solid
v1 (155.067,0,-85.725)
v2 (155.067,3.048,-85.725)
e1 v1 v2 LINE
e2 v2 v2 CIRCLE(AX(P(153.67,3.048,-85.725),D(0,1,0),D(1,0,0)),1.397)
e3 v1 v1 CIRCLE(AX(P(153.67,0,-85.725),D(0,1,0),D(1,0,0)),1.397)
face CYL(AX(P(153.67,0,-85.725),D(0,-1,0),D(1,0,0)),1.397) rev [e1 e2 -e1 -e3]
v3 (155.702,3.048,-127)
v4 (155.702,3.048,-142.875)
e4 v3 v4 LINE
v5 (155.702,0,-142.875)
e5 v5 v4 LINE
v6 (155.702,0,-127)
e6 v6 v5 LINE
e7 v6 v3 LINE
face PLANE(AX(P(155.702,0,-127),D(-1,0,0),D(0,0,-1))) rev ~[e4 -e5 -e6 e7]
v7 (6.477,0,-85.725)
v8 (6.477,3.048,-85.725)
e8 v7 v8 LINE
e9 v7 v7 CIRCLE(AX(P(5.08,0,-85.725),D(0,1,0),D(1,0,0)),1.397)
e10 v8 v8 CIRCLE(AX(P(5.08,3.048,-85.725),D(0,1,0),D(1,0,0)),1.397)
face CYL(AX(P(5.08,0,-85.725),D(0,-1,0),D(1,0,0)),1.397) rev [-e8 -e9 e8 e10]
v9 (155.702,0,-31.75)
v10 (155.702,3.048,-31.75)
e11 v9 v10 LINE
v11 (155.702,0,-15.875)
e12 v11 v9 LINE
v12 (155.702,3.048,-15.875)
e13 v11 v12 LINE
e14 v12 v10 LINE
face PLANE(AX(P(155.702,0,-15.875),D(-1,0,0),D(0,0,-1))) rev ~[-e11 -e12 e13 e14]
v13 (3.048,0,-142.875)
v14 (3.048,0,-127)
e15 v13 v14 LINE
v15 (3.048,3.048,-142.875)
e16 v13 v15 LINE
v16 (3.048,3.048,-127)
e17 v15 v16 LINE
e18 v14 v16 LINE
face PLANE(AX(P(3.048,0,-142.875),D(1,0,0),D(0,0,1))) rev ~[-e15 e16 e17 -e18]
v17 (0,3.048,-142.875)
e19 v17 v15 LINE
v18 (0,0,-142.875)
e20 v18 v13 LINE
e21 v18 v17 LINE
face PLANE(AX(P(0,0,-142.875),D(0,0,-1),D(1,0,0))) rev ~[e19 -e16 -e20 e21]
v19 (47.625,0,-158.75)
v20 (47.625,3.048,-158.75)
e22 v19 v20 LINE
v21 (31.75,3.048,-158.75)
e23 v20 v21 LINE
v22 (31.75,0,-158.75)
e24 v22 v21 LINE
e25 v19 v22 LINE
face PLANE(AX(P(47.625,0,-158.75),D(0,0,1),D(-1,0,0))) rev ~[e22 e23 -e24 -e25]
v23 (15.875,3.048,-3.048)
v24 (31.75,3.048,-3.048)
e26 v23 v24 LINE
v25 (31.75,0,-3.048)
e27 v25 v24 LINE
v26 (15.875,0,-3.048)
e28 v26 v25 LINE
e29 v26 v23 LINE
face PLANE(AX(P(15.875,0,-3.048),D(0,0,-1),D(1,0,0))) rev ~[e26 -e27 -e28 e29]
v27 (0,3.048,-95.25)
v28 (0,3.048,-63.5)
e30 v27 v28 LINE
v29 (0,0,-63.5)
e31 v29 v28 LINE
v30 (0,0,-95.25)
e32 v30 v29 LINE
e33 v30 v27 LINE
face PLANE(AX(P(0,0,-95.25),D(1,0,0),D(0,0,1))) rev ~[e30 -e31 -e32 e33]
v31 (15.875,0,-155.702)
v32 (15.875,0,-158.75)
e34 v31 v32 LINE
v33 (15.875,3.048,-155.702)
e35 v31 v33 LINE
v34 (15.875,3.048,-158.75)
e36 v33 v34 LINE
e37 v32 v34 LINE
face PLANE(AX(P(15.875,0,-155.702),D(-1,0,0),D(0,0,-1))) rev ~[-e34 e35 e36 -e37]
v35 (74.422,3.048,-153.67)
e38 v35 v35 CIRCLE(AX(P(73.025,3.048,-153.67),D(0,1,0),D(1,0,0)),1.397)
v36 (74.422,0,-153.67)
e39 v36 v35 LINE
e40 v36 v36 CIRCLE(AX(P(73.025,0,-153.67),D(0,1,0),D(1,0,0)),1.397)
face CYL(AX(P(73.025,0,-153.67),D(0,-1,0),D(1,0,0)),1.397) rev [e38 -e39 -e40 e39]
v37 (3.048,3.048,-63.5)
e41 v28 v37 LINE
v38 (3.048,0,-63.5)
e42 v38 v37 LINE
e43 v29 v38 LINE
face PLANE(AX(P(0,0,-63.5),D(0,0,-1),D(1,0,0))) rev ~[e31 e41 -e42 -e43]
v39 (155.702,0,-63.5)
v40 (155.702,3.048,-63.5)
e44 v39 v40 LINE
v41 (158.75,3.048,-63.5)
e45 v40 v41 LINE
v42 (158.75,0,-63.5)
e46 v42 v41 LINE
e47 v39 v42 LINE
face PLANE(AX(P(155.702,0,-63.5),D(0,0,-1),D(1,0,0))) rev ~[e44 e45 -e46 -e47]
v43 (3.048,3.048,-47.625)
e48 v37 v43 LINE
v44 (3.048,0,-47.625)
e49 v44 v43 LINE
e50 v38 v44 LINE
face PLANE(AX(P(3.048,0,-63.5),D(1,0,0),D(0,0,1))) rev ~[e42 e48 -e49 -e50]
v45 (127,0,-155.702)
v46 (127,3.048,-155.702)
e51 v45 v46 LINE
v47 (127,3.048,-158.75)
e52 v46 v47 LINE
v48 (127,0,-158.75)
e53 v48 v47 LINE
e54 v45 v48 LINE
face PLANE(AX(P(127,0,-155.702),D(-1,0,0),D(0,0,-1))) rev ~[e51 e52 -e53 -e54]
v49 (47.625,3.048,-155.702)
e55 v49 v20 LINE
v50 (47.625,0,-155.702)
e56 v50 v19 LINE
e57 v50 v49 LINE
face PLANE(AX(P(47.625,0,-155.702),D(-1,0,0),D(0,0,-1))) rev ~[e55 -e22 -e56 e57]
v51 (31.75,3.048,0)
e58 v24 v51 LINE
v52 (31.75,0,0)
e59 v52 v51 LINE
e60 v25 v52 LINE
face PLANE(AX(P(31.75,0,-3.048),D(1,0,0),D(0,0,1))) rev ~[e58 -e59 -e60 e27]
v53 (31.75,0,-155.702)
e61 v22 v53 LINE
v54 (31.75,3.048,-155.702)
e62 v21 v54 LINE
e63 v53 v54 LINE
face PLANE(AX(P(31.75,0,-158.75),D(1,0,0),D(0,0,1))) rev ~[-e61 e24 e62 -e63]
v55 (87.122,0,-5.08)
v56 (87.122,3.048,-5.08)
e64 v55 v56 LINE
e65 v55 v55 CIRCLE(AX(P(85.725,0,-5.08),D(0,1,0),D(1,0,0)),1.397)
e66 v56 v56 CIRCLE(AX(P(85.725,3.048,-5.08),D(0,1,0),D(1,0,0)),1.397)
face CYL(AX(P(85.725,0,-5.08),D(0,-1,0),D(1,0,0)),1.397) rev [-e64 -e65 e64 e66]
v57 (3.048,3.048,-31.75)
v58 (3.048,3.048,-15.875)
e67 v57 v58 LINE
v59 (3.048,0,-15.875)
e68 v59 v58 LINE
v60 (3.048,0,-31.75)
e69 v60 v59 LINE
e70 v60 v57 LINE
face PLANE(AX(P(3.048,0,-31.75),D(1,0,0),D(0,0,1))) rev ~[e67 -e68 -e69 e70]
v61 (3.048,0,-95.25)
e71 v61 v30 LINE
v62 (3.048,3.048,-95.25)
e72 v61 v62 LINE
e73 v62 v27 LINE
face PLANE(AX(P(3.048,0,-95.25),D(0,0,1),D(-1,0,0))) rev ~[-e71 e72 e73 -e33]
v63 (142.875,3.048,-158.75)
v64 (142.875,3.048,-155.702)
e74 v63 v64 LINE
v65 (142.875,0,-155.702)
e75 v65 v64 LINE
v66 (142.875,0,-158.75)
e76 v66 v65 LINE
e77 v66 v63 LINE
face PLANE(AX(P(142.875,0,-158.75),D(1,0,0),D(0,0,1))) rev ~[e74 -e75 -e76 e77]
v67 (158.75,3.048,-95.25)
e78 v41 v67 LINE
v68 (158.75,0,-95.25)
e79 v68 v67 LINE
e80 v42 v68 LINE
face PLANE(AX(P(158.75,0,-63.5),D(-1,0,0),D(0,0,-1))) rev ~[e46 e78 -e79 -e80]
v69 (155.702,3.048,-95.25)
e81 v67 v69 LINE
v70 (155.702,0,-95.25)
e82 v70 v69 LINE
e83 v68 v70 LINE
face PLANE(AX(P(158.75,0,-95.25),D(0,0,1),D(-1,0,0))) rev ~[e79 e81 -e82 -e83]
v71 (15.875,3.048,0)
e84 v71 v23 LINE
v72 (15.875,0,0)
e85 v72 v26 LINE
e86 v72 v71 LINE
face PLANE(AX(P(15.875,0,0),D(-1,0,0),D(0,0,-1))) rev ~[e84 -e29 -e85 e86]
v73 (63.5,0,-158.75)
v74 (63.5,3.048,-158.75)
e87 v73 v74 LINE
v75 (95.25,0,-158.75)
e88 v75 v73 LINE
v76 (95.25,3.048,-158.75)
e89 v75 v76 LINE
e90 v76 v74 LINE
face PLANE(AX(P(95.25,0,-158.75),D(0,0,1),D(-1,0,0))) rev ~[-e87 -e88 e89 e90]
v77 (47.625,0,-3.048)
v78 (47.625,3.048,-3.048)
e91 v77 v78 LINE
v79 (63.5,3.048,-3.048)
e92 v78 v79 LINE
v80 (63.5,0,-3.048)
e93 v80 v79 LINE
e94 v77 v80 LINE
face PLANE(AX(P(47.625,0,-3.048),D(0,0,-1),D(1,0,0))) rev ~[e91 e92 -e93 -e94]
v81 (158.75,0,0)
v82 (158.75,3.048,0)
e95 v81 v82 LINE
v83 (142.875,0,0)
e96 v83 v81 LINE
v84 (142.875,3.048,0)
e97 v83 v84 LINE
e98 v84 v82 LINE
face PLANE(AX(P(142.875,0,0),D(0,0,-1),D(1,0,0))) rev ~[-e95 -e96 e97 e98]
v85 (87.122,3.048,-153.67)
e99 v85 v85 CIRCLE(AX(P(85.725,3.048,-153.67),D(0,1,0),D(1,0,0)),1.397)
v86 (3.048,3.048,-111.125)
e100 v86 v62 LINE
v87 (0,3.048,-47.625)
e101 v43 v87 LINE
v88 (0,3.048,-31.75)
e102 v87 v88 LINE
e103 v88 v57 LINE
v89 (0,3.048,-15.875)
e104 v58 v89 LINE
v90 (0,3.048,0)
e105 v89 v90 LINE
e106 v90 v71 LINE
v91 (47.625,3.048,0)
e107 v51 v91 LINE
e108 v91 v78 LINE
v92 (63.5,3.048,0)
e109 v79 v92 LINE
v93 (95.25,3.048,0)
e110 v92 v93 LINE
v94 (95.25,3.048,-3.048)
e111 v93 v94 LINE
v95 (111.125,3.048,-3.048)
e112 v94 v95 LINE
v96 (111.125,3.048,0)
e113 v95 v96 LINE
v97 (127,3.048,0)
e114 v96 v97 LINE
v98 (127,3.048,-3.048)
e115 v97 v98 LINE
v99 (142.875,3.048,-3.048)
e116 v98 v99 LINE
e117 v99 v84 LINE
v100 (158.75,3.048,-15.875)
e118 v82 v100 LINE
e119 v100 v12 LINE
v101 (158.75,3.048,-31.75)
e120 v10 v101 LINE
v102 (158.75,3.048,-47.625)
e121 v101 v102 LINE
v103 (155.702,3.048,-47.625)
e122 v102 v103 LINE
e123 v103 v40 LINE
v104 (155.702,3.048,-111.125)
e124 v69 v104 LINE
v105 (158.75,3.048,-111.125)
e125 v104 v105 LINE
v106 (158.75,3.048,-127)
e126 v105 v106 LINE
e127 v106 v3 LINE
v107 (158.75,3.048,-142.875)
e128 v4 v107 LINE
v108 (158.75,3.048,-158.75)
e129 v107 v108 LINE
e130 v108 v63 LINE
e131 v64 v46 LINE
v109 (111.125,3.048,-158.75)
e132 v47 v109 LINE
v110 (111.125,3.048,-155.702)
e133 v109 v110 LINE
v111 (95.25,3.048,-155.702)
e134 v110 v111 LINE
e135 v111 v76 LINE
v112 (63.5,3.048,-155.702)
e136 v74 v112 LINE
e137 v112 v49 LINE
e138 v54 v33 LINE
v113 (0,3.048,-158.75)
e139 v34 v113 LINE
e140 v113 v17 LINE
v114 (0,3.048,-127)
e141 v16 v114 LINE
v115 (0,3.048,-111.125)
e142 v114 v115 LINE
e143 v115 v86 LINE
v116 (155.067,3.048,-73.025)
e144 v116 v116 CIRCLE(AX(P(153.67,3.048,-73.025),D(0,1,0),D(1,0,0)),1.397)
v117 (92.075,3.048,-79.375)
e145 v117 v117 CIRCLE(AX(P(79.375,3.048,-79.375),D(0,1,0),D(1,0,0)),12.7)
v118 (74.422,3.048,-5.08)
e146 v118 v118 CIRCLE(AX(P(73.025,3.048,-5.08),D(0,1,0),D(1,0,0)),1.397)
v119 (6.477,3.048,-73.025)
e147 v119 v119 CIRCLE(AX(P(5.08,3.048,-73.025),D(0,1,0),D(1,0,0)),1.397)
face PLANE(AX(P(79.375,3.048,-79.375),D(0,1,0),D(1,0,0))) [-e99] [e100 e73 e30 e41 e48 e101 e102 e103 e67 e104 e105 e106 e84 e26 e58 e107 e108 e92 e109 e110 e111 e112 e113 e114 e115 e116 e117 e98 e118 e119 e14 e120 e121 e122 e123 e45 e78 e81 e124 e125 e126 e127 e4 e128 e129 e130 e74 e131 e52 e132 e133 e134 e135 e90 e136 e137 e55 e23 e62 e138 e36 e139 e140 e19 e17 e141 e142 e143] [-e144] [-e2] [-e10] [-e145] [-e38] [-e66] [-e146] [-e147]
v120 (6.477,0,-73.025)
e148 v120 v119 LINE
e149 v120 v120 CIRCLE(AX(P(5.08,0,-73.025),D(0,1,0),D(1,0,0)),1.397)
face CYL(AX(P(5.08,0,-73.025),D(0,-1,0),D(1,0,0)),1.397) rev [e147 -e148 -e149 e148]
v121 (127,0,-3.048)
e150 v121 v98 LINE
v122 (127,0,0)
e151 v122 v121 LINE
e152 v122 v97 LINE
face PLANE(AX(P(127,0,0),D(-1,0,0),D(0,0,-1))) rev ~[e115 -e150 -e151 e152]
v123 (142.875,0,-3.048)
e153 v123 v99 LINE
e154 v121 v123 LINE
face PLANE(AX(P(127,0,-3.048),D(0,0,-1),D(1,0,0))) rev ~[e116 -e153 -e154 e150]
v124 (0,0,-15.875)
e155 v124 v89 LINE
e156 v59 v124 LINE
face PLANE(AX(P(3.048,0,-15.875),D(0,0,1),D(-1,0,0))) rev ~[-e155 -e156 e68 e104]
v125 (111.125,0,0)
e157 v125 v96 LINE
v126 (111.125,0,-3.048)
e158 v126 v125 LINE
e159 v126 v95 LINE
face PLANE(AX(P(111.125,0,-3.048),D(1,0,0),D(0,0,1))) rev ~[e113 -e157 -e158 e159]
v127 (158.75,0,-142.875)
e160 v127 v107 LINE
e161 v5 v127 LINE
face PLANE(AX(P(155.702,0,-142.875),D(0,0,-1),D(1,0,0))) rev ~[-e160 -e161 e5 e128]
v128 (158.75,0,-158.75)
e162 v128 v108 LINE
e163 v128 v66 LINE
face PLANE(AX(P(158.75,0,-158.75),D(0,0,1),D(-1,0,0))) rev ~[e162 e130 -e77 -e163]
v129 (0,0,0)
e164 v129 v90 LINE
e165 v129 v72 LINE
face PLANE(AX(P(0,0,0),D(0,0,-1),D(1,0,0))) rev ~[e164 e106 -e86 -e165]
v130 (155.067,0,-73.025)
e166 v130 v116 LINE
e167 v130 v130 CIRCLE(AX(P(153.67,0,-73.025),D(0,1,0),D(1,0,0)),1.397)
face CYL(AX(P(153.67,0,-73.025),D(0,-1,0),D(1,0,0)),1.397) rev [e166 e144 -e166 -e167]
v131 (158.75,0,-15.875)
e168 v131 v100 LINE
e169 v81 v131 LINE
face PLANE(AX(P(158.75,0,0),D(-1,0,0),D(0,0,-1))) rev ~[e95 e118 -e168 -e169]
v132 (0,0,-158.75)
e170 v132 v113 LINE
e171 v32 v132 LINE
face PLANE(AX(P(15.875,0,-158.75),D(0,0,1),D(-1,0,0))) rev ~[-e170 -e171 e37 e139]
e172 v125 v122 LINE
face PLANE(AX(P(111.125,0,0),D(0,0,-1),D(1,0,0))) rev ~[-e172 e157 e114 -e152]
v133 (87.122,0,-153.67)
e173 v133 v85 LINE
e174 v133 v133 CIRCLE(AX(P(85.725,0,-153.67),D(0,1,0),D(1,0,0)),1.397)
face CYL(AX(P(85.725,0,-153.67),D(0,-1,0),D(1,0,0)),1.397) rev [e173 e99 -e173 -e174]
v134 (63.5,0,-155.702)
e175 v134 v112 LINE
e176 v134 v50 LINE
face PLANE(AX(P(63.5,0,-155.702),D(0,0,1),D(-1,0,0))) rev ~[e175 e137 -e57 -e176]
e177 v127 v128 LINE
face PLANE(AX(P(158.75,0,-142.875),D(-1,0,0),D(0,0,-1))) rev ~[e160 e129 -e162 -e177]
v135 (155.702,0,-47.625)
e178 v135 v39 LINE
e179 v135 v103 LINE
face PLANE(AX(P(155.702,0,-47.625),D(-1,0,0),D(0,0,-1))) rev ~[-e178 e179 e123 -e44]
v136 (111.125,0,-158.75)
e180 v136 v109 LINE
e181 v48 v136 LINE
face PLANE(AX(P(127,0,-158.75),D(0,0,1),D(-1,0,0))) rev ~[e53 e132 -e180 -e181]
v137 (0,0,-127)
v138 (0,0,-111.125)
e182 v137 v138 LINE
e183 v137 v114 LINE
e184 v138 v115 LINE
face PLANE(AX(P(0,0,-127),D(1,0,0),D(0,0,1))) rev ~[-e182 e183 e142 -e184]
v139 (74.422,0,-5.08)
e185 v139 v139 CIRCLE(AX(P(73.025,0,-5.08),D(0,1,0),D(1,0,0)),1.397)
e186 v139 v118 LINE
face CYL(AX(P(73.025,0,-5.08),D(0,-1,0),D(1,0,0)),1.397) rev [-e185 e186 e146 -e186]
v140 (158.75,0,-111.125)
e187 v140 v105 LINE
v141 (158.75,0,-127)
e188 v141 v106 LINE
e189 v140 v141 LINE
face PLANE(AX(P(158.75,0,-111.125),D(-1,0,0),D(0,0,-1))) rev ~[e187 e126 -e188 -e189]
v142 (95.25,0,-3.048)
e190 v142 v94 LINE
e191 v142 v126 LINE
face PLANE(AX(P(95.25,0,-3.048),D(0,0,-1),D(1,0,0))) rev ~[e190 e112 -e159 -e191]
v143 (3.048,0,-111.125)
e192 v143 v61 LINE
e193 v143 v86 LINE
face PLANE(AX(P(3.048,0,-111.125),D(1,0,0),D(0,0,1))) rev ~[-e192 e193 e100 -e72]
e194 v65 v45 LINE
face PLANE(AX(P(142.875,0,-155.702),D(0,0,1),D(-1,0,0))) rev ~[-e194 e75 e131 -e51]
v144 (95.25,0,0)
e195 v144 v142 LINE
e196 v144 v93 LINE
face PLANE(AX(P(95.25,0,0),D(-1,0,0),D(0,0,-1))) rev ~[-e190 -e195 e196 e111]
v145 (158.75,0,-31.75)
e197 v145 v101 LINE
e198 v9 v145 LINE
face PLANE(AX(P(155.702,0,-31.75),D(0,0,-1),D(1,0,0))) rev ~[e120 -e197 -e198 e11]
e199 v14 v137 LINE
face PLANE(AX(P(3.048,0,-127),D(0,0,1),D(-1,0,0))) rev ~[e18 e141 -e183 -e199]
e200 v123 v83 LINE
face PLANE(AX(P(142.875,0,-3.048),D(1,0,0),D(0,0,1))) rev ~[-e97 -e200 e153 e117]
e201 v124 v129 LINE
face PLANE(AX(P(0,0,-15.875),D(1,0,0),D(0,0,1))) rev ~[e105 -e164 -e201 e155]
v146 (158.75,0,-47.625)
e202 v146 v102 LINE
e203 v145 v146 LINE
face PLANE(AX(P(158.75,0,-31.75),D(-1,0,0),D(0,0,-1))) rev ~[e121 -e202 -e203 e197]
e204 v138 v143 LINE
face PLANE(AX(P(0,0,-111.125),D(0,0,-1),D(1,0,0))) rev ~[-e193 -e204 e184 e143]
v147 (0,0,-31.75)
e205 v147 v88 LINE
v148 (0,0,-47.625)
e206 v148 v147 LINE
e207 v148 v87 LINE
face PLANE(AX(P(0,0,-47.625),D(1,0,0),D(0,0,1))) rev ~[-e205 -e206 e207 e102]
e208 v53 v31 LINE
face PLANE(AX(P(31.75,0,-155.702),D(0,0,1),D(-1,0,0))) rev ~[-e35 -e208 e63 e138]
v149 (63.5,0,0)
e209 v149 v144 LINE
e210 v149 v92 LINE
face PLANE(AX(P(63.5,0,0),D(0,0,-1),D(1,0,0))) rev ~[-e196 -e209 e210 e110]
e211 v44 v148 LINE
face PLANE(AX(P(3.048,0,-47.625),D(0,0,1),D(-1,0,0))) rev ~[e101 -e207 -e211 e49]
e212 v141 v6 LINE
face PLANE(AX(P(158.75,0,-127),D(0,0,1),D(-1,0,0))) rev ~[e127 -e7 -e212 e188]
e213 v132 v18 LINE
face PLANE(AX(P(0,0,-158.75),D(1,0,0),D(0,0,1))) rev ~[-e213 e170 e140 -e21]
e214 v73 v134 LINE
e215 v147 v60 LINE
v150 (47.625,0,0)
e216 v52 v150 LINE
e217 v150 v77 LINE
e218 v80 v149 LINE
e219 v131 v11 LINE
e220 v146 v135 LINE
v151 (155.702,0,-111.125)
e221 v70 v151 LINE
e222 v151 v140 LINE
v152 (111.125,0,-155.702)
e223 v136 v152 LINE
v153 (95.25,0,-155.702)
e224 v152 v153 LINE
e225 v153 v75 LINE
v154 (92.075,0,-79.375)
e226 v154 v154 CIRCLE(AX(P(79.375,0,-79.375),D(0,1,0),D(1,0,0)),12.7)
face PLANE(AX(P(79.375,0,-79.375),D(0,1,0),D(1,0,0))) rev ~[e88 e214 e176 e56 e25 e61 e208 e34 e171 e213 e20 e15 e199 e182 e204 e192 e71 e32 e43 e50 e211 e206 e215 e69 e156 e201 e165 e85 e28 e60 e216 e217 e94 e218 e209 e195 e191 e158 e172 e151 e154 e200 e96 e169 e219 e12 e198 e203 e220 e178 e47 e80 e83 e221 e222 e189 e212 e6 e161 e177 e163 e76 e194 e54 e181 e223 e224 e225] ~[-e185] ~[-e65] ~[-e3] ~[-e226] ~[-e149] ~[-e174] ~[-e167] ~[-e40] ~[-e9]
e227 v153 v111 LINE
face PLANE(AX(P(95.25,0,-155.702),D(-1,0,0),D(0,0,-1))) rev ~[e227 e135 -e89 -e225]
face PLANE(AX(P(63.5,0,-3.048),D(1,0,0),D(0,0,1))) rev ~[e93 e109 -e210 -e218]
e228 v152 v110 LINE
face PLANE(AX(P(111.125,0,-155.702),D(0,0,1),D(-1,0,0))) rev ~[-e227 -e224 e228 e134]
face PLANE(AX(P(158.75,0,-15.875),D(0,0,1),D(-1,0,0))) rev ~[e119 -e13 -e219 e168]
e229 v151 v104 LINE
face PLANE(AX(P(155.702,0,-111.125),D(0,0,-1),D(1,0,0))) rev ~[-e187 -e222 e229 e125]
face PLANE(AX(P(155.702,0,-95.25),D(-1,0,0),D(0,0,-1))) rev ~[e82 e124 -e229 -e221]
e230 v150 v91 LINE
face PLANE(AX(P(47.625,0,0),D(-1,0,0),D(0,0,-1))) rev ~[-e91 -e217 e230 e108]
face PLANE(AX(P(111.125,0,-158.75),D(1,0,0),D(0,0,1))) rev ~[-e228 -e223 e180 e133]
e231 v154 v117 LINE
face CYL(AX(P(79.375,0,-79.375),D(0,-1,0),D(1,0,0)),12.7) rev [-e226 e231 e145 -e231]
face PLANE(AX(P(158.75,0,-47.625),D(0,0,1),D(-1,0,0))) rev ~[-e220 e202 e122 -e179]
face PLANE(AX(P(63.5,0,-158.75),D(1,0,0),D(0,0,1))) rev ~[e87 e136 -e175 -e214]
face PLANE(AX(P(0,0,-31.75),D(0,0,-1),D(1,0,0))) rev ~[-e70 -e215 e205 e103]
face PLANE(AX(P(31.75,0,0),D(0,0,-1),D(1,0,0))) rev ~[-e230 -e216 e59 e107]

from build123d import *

# Parameters (mm, degrees)
SKETCH1_R           = 12.7
SKETCH1_R_2         = 1.397
BOSS_EXTRUDE1_DEPTH = 3.048


with BuildPart() as part:
    # Sketch1 → Boss-Extrude1 (new body)
    with BuildSketch(Plane(origin=(0, 0, 0), x_dir=(1, 0, 0), z_dir=(0, 1, 0))):
        Polygon((0, 0), (15.875, 0), (15.875, 3.048), (31.75, 3.048), (31.75, 0), (47.625, 0), (47.625, 3.048), (63.5, 3.048), (63.5, 0), (95.25, 0), (95.25, 3.048), (111.125, 3.048), (111.125, 0), (127, 0), (127, 3.048), (142.875, 3.048), (142.875, 0), (158.75, 0), (158.75, 15.875), (155.702, 15.875), (155.702, 31.75), (158.75, 31.75), (158.75, 47.625), (155.702, 47.625), (155.702, 63.5), (158.75, 63.5), (158.75, 95.25), (155.702, 95.25), (155.702, 111.125), (158.75, 111.125), (158.75, 127), (155.702, 127), (155.702, 142.875), (158.75, 142.875), (158.75, 158.75), (142.875, 158.75), (142.875, 155.702), (127, 155.702), (127, 158.75), (111.125, 158.75), (111.125, 155.702), (95.25, 155.702), (95.25, 158.75), (63.5, 158.75), (63.5, 155.702), (47.625, 155.702), (47.625, 158.75), (31.75, 158.75), (31.75, 155.702), (15.875, 155.702), (15.875, 158.75), (0, 158.75), (0, 142.875), (3.048, 142.875), (3.048, 127), (0, 127), (0, 111.125), (3.048, 111.125), (3.048, 95.25), (0, 95.25), (0, 63.5), (3.048, 63.5), (3.048, 47.625), (0, 47.625), (0, 31.75), (3.048, 31.75), (3.048, 15.875), (0, 15.875), align=None)
        with Locations((79.375, 79.375)):
            Circle(SKETCH1_R, mode=Mode.SUBTRACT)
        with Locations((73.025, 153.67)):
            Circle(SKETCH1_R_2, mode=Mode.SUBTRACT)
        with Locations((85.725, 153.67)):
            Circle(SKETCH1_R_2, mode=Mode.SUBTRACT)
        with Locations((153.67, 73.025)):
            Circle(SKETCH1_R_2, mode=Mode.SUBTRACT)
        with Locations((153.67, 85.725)):
            Circle(SKETCH1_R_2, mode=Mode.SUBTRACT)
        with Locations((5.08, 85.725)):
            Circle(SKETCH1_R_2, mode=Mode.SUBTRACT)
        with Locations((5.08, 73.025)):
            Circle(SKETCH1_R_2, mode=Mode.SUBTRACT)
        with Locations((73.025, 5.08)):
            Circle(SKETCH1_R_2, mode=Mode.SUBTRACT)
        with Locations((85.725, 5.08)):
            Circle(SKETCH1_R_2, mode=Mode.SUBTRACT)
    extrude(amount=BOSS_EXTRUDE1_DEPTH)


solid = part.part
